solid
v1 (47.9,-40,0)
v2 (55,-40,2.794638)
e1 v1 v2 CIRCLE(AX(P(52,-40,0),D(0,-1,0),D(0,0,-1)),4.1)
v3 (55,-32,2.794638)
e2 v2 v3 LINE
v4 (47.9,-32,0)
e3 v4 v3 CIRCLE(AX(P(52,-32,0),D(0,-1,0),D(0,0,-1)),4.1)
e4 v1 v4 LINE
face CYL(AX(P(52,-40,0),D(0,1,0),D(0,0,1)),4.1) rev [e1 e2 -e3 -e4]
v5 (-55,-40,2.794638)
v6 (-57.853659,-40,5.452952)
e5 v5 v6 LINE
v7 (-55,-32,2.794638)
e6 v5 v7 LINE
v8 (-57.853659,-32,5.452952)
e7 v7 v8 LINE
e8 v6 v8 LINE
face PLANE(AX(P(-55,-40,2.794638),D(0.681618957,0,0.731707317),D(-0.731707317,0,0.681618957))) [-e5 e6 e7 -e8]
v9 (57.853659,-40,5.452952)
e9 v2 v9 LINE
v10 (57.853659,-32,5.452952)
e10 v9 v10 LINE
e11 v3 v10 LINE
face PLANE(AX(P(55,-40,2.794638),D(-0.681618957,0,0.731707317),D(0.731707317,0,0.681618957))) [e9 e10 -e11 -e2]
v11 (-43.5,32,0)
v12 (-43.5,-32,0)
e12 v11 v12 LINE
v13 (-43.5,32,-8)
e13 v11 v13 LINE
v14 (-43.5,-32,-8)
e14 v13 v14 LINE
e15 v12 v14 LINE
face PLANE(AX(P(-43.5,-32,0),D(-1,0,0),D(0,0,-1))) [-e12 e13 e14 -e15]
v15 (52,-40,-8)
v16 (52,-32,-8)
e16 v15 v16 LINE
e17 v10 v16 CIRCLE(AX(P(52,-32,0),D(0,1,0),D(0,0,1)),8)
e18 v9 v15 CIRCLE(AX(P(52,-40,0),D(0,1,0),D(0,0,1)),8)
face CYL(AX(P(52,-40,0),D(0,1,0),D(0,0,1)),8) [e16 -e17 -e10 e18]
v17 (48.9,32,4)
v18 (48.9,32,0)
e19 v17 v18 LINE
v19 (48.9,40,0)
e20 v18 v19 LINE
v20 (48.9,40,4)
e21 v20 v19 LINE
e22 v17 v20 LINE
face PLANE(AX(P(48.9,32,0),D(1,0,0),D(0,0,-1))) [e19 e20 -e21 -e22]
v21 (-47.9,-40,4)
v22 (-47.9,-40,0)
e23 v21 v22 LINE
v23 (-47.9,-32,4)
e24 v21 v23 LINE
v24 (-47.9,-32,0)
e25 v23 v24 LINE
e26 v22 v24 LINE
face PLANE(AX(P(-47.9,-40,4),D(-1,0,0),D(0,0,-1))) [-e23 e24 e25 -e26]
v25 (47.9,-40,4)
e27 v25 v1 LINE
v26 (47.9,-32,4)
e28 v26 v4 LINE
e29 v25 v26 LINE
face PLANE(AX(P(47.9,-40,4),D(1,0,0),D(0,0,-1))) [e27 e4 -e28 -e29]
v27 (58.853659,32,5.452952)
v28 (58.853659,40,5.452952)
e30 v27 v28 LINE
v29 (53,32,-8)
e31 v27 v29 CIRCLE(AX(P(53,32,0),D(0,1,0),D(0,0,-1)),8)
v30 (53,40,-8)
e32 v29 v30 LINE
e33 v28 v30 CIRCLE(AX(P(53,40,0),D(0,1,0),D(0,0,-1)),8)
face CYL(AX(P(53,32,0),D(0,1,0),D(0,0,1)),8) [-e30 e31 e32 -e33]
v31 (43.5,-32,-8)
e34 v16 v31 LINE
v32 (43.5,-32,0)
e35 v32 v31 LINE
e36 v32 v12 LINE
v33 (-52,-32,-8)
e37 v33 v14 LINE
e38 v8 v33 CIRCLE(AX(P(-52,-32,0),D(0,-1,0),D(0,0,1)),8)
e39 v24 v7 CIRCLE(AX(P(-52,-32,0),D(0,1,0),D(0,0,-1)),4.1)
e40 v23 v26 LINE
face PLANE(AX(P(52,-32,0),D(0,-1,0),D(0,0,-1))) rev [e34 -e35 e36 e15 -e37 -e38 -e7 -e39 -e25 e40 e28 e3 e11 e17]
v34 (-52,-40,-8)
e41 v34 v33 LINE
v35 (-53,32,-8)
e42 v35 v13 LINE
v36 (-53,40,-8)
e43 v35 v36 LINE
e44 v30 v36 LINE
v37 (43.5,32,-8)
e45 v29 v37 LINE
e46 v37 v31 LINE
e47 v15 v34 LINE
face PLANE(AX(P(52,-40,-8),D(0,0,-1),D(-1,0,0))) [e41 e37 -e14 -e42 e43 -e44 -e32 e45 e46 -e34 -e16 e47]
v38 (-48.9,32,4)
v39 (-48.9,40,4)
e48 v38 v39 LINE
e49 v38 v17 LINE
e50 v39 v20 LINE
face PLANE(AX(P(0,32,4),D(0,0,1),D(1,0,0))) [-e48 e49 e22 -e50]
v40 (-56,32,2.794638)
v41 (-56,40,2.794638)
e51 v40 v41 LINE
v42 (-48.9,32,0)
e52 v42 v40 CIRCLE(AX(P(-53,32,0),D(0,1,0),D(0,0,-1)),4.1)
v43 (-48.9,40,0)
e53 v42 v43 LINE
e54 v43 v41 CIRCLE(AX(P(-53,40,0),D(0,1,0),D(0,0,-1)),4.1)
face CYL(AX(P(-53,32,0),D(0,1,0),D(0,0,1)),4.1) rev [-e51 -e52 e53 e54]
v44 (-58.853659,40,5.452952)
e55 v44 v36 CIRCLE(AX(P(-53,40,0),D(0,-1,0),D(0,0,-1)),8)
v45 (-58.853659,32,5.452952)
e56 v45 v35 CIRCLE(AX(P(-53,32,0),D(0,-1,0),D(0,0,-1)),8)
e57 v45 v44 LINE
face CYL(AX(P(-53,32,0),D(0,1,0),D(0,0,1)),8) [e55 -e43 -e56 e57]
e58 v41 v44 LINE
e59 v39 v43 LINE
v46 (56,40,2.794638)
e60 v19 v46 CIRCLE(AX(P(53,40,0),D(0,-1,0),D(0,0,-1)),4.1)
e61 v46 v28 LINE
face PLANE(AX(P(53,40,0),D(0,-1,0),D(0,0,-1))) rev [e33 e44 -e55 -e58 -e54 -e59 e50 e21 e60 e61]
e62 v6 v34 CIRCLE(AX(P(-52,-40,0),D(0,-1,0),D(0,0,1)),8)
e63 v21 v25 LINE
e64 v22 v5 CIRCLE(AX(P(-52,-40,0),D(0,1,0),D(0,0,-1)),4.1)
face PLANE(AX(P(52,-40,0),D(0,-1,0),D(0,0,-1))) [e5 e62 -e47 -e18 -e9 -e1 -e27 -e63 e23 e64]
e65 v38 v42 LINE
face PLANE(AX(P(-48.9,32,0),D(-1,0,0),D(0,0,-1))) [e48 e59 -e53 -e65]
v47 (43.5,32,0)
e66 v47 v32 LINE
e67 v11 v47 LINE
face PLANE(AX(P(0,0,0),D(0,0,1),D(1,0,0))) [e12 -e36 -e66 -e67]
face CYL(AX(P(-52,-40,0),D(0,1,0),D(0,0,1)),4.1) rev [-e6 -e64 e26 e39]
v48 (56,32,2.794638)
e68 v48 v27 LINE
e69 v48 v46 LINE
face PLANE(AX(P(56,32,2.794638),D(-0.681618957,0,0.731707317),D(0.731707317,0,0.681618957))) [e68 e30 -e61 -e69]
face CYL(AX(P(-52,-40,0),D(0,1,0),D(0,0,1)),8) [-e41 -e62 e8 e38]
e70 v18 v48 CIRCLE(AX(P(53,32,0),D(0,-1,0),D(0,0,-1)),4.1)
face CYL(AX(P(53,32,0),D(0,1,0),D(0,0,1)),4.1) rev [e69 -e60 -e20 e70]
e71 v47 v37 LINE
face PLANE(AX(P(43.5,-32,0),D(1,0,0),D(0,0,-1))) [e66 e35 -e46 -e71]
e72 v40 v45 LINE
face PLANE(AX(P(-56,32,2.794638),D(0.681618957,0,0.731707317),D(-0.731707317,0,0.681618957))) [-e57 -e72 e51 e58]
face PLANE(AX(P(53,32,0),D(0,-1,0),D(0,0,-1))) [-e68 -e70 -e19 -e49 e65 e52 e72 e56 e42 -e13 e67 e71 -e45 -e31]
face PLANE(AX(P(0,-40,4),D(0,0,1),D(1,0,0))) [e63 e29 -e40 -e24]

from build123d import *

# Parameters (mm, degrees)
MID_CLIP_DEPTH              = 4
REAR_CLIP_DEPTH             = 4
SZKIC4_W                    = 43.5
SZKIC4_H                    = 64
DODANIE_WYCI_GNI_CIE3_DEPTH = 8


with BuildPart() as part:
    # Szkic2 → Mid Clip (new, symmetric)
    with BuildSketch(Plane(origin=(0, -36, 0), x_dir=(1, 0, 0), z_dir=(0, 1, 0))):
        with BuildLine():
            Line((52, 8), (0, 8))
            Line((0, 8), (0, -4))
            Line((0, -4), (47.9, -4))
            Line((47.9, -4), (47.9, 0))
            ThreePointArc((47.9, 0), (53.501665742, 3.815101571), (55, -2.794637722))
            Line((55, -2.794637722), (57.853658537, -5.452951654))
            ThreePointArc((57.853658537, -5.452951654), (59.335653114, 3.191894952), (52, 8))
        make_face()
    mid_clip = extrude(amount=MID_CLIP_DEPTH, both=True)



with BuildPart() as body_2:
    # Szkic3 → Rear Clip (new, symmetric)
    with BuildSketch(Plane(origin=(0, 36, 0), x_dir=(1, 0, 0), z_dir=(0, 1, 0))):
        with BuildLine():
            Line((53, 8), (0, 8))
            Line((0, 8), (0, -4))
            Line((0, -4), (48.9, -4))
            Line((48.9, -4), (48.9, 0))
            ThreePointArc((48.9, 0), (54.501665742, 3.815101571), (56, -2.794637722))
            Line((56, -2.794637722), (58.853658537, -5.452951654))
            ThreePointArc((58.853658537, -5.452951654), (60.335653114, 3.191894952), (53, 8))
        make_face()
    rear_clip = extrude(amount=REAR_CLIP_DEPTH, both=True)


with BuildPart() as part_1:
    add(part.part)

    add(body_2.part)  # Dodanie-wyciągnięcie3 merges body 2
    # Szkic4 → Dodanie-wyciągnięcie3 (add)
    with BuildSketch(Plane(origin=(0, 0, -8), x_dir=(-1, 0, 0), z_dir=(0, 0, -1))):
        with Locations((-21.75, 0)):
            Rectangle(SZKIC4_W, SZKIC4_H)
    dodanie_wyci_gni_cie3 = extrude(amount=-DODANIE_WYCI_GNI_CIE3_DEPTH)

    # Lustro2: Mid Clip, Rear Clip, Dodanie-wyciągnięcie3 across plane
    add(mid_clip.mirror(Plane(origin=(0, -40, -8), x_dir=(0, 0, 1), z_dir=(-1, 0, 0))))
    add(rear_clip.mirror(Plane(origin=(0, -40, -8), x_dir=(0, 0, 1), z_dir=(-1, 0, 0))))
    add(dodanie_wyci_gni_cie3.mirror(Plane(origin=(0, -40, -8), x_dir=(0, 0, 1), z_dir=(-1, 0, 0))))


solid = part_1.part
